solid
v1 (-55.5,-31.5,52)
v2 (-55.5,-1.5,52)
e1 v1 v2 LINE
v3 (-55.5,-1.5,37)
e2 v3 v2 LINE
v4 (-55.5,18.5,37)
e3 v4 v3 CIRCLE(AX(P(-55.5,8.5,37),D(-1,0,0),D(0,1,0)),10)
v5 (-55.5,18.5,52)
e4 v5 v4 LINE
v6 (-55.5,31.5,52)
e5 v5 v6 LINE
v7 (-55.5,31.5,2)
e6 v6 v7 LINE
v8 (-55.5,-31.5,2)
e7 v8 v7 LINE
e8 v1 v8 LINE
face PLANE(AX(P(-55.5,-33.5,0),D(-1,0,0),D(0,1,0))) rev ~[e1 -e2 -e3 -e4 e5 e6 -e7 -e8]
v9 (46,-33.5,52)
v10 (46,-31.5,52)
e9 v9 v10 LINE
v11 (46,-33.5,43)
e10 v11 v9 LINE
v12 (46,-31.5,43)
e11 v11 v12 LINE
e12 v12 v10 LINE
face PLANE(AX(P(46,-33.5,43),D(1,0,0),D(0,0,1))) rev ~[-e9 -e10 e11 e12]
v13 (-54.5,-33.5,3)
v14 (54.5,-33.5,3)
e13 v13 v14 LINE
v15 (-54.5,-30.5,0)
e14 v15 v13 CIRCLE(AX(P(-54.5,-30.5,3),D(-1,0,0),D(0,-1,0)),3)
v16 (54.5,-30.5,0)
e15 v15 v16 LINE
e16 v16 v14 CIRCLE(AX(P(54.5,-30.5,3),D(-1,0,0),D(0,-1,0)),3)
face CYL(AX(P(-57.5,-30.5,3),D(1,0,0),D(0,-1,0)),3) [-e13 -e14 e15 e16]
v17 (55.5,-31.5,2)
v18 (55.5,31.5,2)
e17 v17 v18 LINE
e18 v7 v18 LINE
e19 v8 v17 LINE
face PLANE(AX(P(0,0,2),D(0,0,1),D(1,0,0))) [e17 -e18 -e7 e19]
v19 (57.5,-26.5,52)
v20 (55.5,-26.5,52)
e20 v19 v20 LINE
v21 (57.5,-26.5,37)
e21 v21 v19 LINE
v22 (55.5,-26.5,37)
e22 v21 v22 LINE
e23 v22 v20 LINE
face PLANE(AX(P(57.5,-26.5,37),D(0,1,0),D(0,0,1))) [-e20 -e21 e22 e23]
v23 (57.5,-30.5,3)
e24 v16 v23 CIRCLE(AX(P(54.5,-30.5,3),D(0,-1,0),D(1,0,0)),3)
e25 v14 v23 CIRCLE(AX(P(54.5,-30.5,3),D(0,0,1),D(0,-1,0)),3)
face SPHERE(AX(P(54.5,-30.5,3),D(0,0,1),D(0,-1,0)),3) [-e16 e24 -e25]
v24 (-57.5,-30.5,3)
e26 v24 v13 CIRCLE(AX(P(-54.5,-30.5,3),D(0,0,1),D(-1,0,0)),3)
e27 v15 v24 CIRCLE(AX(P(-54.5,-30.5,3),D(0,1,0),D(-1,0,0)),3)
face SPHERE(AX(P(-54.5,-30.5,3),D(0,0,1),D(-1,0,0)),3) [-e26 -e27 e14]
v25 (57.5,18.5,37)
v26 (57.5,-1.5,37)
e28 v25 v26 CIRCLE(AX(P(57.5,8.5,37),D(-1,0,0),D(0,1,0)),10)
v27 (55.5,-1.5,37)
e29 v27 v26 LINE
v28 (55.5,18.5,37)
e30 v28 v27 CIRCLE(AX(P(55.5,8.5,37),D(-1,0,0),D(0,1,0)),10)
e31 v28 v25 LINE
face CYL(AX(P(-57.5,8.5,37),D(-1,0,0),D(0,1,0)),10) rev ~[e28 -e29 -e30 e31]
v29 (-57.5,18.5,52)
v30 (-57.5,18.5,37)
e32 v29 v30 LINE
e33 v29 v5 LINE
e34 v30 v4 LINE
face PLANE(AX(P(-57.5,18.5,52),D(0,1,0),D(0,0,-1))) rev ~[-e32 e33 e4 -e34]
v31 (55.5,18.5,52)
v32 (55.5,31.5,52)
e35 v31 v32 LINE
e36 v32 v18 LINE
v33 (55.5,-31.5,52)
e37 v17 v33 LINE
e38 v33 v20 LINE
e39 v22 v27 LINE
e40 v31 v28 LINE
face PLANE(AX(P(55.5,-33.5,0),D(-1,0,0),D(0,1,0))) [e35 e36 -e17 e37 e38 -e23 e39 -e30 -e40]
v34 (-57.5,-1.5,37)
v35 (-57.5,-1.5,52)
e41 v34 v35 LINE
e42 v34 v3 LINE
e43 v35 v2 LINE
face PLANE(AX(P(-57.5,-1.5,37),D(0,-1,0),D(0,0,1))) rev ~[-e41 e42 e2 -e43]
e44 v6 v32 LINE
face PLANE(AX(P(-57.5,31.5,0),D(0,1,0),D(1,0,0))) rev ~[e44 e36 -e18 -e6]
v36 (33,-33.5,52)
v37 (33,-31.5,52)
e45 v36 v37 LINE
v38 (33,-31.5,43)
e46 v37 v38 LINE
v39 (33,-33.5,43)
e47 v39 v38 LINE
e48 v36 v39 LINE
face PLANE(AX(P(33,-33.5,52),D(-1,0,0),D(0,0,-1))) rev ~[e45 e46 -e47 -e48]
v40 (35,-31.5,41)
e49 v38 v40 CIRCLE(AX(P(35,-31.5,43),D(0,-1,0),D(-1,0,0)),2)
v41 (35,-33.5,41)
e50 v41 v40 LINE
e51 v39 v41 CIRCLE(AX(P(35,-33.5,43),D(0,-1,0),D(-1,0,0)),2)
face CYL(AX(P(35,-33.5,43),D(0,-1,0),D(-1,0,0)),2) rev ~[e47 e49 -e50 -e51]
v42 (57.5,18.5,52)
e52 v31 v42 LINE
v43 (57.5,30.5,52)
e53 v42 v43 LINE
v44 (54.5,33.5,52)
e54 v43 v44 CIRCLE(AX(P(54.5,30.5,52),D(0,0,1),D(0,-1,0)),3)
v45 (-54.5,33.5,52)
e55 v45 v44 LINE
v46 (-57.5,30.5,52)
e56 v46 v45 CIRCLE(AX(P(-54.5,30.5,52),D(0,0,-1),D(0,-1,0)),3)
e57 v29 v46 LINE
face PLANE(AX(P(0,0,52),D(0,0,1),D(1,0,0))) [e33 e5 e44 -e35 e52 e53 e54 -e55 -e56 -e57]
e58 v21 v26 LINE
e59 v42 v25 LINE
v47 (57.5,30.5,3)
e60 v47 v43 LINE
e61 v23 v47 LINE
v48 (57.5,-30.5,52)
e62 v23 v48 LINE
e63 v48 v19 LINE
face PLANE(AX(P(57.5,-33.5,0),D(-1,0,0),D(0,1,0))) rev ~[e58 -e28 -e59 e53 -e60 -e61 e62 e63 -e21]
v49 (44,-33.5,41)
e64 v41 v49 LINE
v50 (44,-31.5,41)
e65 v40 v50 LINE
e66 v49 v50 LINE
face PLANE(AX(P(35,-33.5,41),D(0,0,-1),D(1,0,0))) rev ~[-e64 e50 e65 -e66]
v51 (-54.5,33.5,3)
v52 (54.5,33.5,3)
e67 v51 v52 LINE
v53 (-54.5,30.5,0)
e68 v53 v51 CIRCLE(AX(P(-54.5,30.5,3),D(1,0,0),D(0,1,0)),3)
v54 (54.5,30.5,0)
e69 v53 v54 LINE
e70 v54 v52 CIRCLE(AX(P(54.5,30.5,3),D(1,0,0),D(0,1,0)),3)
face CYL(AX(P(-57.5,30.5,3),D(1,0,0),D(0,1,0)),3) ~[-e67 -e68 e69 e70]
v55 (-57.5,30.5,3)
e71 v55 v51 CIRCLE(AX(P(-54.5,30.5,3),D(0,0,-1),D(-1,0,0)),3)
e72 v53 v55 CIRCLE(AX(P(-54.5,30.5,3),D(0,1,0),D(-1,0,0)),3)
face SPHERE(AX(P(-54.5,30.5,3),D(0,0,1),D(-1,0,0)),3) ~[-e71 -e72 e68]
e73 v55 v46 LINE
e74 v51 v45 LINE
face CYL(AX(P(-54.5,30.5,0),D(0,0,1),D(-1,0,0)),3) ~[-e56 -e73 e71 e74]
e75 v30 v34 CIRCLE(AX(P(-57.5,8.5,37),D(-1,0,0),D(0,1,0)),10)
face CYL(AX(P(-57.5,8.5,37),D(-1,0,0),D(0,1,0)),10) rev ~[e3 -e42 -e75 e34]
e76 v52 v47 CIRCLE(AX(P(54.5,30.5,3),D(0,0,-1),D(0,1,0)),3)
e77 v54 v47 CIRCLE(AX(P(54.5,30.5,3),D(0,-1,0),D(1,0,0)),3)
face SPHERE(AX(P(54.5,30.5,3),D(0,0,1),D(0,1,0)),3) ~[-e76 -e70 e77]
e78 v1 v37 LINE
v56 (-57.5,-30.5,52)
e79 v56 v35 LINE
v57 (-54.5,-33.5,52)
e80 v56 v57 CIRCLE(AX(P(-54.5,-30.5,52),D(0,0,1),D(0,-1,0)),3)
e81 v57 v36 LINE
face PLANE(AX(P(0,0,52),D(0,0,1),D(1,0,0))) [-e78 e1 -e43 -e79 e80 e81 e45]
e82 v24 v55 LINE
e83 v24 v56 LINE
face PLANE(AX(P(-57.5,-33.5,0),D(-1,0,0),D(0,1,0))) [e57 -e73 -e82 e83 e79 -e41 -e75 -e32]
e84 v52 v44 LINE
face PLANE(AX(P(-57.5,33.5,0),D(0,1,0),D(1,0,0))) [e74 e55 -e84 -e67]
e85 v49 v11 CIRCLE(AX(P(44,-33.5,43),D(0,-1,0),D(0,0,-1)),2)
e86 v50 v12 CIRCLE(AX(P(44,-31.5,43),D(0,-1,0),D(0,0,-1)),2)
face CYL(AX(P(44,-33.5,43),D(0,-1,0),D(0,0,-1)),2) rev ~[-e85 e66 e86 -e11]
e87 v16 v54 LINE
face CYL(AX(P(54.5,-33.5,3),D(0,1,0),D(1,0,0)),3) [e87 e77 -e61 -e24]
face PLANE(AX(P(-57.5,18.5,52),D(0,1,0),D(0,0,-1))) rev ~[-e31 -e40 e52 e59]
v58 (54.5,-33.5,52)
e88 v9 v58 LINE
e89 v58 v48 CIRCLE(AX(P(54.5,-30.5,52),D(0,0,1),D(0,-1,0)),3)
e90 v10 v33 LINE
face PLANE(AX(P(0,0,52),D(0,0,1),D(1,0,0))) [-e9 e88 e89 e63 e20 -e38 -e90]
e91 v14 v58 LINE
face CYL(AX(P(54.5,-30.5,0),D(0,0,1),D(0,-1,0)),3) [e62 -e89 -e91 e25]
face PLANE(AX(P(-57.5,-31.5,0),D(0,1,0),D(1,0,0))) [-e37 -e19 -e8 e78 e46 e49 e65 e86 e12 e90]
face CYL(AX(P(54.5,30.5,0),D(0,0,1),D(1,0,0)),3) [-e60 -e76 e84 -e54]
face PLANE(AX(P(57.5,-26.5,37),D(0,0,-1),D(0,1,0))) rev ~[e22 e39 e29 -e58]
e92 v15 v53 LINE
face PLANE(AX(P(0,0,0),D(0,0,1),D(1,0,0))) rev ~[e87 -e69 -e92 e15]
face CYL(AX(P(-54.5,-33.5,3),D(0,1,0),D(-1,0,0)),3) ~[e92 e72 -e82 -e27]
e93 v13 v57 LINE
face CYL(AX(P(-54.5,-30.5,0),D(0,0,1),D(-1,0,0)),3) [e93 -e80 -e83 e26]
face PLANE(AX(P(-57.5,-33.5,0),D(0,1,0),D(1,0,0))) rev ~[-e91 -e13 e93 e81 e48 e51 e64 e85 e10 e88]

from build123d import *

# Parameters (mm, degrees)
F0_W     = 115
F0_H     = 67
F1_DEPTH = 52
F2_T     = -2
F3_R     = 3
F5_DEPTH = 115
F6_W     = 25
F6_H     = 15
F7_DEPTH = 2
F9_DEPTH = 2


with BuildPart() as f1:
    # F0 (on Top) → F1 (new body)
    with BuildSketch(Plane.XY):
        Rectangle(F0_W, F0_H)
    extrude(amount=F1_DEPTH)

    # F2
    f2_openings = [f1.faces().sort_by_distance(p)[0] for p in [
        (0, 0, 52),
    ]]
    offset(amount=F2_T, openings=f2_openings)

    # F3
    f3_edges = [f1.edges().sort_by_distance(p)[0] for p in [
        (57.5, 33.5, 26),
        (57.5, -33.5, 26),
        (-57.5, -33.5, 26),
        (-57.5, 33.5, 26),
        (-57.5, 0, 0),
        (0, -33.5, 0),
        (0, 33.5, 0),
        (57.5, 0, 0),
    ]]
    fillet(f3_edges, radius=F3_R)

    # F4 (on face) → F5 (cut, through all)
    with BuildSketch(Plane(origin=(-57.5, 0, 0), x_dir=(0, -1, 0), z_dir=(-1, 0, 0))):
        with BuildLine():
            Line((-8.5, 52), (-18.5, 52))
            Line((-18.5, 52), (-18.5, 37))
            ThreePointArc((-18.5, 37), (-8.5, 27), (1.5, 37))
            Line((1.5, 37), (1.5, 52))
            Line((1.5, 52), (-8.5, 52))
        make_face()
    extrude(amount=-F5_DEPTH, mode=Mode.SUBTRACT)

    # F6 (on face) → F7 (cut, through all)
    with BuildSketch(Plane.YZ.offset(57.5)):
        with Locations((-14, 44.5)):
            Rectangle(F6_W, F6_H)
    extrude(amount=-F7_DEPTH, mode=Mode.SUBTRACT)

    # F8 (on face) → F9 (cut, through all)
    with BuildSketch(Plane.XZ.offset(33.5)):
        with BuildLine():
            Line((46, 52), (33, 52))
            Line((33, 52), (33, 43))
            ThreePointArc((33, 43), (33.5857864376, 41.5857864376), (35, 41))
            Line((35, 41), (44, 41))
            ThreePointArc((44, 41), (45.4142135624, 41.5857864376), (46, 43))
            Line((46, 43), (46, 52))
        make_face()
    extrude(amount=-F9_DEPTH, mode=Mode.SUBTRACT)


solid = f1.part
